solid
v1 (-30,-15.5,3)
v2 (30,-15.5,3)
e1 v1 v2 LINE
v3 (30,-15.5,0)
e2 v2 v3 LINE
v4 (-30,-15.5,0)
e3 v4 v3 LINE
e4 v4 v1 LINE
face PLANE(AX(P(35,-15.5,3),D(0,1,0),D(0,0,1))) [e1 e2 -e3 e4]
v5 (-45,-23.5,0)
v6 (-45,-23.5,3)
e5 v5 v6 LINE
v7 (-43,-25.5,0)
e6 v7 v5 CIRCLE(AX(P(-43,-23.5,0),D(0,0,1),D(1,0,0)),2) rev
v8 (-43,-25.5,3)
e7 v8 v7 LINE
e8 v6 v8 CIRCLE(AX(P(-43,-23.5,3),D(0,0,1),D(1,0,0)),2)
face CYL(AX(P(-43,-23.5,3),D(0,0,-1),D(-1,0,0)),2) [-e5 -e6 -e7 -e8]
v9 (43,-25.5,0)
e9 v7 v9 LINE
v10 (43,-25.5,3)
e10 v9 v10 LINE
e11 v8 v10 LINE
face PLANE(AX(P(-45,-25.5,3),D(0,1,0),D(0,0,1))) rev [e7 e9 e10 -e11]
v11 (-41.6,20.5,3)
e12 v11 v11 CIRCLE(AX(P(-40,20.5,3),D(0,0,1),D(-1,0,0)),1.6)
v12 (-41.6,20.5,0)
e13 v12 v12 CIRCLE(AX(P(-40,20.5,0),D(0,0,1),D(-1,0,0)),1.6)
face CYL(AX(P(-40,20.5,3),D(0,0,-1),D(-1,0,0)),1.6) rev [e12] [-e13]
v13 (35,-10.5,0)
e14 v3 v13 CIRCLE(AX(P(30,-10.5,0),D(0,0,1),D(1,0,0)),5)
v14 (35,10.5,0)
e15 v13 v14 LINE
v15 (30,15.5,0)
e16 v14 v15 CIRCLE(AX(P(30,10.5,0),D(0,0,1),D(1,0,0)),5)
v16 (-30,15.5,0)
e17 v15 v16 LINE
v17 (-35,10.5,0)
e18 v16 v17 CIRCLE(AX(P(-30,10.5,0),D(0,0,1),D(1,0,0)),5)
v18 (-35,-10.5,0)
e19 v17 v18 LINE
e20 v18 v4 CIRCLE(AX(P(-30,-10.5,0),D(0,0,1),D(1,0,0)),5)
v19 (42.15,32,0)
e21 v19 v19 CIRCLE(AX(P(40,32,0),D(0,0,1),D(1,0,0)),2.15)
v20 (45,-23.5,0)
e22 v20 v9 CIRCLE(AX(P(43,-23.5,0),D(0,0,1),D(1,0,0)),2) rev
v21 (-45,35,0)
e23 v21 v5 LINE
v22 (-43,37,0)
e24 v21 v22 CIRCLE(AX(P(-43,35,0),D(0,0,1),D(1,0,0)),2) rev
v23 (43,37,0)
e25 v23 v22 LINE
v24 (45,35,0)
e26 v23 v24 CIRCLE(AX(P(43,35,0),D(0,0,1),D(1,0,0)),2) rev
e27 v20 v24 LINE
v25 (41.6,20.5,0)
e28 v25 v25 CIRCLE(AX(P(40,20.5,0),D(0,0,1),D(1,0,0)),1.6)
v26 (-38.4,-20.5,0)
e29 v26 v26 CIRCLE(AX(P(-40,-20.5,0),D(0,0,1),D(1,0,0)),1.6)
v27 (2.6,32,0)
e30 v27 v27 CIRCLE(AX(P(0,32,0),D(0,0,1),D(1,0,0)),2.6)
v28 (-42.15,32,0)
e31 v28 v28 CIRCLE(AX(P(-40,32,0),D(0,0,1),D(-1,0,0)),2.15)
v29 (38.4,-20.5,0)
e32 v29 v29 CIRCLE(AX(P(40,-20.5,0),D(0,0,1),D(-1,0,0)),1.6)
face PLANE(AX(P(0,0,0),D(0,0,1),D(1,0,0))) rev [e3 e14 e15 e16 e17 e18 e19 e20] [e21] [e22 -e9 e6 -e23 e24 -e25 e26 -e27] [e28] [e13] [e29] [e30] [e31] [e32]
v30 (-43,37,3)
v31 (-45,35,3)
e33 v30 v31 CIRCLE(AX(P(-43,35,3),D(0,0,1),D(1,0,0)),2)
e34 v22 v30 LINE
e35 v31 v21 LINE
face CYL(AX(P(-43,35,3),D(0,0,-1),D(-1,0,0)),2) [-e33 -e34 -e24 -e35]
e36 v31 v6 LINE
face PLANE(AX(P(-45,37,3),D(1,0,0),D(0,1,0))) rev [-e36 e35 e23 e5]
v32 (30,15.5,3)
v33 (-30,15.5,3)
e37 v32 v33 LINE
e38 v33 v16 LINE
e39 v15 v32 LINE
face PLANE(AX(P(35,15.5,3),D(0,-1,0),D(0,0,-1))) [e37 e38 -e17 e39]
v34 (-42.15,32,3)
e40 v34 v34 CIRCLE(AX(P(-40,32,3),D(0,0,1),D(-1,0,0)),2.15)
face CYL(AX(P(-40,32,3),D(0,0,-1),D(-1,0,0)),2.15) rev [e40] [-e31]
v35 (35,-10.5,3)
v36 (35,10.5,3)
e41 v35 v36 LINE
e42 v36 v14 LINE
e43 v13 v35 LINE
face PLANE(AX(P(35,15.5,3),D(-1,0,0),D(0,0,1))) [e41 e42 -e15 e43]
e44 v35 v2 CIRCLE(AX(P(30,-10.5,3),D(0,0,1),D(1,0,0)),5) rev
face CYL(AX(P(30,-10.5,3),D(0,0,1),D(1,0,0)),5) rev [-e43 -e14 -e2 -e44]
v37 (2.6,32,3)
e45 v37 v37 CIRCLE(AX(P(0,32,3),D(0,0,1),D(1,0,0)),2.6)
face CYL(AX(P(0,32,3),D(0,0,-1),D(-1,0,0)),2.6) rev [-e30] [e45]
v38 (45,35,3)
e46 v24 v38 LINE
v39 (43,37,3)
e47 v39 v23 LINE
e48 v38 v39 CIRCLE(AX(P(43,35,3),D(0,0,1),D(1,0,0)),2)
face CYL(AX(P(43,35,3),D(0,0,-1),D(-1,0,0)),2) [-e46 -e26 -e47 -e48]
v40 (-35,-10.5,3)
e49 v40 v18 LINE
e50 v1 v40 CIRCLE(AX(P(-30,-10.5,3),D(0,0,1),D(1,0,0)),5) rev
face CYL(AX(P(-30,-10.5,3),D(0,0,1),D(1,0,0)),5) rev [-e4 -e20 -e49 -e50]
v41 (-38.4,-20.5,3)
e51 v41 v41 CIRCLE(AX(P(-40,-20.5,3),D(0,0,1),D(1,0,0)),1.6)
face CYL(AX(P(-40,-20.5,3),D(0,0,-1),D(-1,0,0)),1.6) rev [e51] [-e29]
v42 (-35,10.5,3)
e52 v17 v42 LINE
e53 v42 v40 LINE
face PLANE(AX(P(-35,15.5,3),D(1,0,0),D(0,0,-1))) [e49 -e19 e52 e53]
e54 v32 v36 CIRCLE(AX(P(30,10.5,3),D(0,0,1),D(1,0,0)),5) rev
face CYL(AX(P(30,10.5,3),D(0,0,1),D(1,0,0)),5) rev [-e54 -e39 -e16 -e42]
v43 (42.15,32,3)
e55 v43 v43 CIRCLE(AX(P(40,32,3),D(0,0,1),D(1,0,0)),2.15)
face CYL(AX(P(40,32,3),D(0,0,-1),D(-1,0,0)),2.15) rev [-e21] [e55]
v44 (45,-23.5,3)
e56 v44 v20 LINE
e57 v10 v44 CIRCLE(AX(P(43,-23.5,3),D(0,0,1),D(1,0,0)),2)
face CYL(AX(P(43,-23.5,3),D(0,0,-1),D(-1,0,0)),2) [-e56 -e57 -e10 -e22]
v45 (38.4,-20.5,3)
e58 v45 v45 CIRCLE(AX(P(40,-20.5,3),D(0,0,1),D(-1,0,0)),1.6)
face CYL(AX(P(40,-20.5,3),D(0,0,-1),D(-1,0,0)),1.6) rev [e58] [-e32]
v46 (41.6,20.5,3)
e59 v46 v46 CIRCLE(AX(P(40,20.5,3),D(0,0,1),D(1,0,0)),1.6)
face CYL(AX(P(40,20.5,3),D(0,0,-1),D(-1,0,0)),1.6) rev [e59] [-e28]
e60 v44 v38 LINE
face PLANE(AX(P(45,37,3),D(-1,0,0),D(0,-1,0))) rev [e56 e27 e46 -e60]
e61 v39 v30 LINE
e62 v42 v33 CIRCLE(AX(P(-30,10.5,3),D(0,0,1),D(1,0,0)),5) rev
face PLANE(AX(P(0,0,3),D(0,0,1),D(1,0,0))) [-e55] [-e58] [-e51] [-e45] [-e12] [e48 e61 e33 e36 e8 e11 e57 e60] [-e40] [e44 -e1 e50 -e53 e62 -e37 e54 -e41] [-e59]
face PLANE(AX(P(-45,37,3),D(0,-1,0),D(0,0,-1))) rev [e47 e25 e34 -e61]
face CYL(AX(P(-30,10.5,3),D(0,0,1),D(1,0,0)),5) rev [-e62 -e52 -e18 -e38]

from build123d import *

# Parameters (mm, degrees)
SKETCH_1_W      = 90
SKETCH_1_H      = 62.5
SKETCH_1_R      = 1.6
SKETCH_1_R_2    = 2.15
SKETCH_1_R_3    = 2.6
SKETCH_1_W_2    = 70
SKETCH_1_H_2    = 31
EXTRUDE_1_DEPTH = 3
FILLET_1_R      = 5
FILLET_2_R      = 2


with BuildPart() as part:
    # ｽｹｯﾁ1 → ﾎﾞｽ - 押し出し1 (new body)
    with BuildSketch(Plane.XY):
        with Locations((0, 5.75)):
            Rectangle(SKETCH_1_W, SKETCH_1_H)
        with Locations((40, 20.5)):
            Circle(SKETCH_1_R, mode=Mode.SUBTRACT)
        with Locations((40, 32)):
            Circle(SKETCH_1_R_2, mode=Mode.SUBTRACT)
        with Locations(Location((-40, 32, 0), (0, 0, 180))):
            Circle(SKETCH_1_R_2, mode=Mode.SUBTRACT)
        with Locations(Location((40, -20.5, 0), (0, 0, 180))):
            Circle(SKETCH_1_R, mode=Mode.SUBTRACT)
        with Locations(Location((-40, 20.5, 0), (0, 0, 180))):
            Circle(SKETCH_1_R, mode=Mode.SUBTRACT)
        with Locations((-40, -20.5)):
            Circle(SKETCH_1_R, mode=Mode.SUBTRACT)
        with Locations((0, 32)):
            Circle(SKETCH_1_R_3, mode=Mode.SUBTRACT)
        Rectangle(SKETCH_1_W_2, SKETCH_1_H_2, mode=Mode.SUBTRACT)
    extrude(amount=EXTRUDE_1_DEPTH)

    # ﾌｨﾚｯﾄ1
    fillet_1_edges = [part.edges().sort_by_distance(p)[0] for p in [
        (-35, 15.5, 1.5),
        (-35, -15.5, 1.5),
        (35, -15.5, 1.5),
        (35, 15.5, 1.5),
    ]]
    fillet(fillet_1_edges, radius=FILLET_1_R)

    # ﾌｨﾚｯﾄ2
    fillet_2_edges = [part.edges().sort_by_distance(p)[0] for p in [
        (45, -25.5, 1.5),
        (-45, -25.5, 1.5),
        (-45, 37, 1.5),
        (45, 37, 1.5),
    ]]
    fillet(fillet_2_edges, radius=FILLET_2_R)


solid = part.part
